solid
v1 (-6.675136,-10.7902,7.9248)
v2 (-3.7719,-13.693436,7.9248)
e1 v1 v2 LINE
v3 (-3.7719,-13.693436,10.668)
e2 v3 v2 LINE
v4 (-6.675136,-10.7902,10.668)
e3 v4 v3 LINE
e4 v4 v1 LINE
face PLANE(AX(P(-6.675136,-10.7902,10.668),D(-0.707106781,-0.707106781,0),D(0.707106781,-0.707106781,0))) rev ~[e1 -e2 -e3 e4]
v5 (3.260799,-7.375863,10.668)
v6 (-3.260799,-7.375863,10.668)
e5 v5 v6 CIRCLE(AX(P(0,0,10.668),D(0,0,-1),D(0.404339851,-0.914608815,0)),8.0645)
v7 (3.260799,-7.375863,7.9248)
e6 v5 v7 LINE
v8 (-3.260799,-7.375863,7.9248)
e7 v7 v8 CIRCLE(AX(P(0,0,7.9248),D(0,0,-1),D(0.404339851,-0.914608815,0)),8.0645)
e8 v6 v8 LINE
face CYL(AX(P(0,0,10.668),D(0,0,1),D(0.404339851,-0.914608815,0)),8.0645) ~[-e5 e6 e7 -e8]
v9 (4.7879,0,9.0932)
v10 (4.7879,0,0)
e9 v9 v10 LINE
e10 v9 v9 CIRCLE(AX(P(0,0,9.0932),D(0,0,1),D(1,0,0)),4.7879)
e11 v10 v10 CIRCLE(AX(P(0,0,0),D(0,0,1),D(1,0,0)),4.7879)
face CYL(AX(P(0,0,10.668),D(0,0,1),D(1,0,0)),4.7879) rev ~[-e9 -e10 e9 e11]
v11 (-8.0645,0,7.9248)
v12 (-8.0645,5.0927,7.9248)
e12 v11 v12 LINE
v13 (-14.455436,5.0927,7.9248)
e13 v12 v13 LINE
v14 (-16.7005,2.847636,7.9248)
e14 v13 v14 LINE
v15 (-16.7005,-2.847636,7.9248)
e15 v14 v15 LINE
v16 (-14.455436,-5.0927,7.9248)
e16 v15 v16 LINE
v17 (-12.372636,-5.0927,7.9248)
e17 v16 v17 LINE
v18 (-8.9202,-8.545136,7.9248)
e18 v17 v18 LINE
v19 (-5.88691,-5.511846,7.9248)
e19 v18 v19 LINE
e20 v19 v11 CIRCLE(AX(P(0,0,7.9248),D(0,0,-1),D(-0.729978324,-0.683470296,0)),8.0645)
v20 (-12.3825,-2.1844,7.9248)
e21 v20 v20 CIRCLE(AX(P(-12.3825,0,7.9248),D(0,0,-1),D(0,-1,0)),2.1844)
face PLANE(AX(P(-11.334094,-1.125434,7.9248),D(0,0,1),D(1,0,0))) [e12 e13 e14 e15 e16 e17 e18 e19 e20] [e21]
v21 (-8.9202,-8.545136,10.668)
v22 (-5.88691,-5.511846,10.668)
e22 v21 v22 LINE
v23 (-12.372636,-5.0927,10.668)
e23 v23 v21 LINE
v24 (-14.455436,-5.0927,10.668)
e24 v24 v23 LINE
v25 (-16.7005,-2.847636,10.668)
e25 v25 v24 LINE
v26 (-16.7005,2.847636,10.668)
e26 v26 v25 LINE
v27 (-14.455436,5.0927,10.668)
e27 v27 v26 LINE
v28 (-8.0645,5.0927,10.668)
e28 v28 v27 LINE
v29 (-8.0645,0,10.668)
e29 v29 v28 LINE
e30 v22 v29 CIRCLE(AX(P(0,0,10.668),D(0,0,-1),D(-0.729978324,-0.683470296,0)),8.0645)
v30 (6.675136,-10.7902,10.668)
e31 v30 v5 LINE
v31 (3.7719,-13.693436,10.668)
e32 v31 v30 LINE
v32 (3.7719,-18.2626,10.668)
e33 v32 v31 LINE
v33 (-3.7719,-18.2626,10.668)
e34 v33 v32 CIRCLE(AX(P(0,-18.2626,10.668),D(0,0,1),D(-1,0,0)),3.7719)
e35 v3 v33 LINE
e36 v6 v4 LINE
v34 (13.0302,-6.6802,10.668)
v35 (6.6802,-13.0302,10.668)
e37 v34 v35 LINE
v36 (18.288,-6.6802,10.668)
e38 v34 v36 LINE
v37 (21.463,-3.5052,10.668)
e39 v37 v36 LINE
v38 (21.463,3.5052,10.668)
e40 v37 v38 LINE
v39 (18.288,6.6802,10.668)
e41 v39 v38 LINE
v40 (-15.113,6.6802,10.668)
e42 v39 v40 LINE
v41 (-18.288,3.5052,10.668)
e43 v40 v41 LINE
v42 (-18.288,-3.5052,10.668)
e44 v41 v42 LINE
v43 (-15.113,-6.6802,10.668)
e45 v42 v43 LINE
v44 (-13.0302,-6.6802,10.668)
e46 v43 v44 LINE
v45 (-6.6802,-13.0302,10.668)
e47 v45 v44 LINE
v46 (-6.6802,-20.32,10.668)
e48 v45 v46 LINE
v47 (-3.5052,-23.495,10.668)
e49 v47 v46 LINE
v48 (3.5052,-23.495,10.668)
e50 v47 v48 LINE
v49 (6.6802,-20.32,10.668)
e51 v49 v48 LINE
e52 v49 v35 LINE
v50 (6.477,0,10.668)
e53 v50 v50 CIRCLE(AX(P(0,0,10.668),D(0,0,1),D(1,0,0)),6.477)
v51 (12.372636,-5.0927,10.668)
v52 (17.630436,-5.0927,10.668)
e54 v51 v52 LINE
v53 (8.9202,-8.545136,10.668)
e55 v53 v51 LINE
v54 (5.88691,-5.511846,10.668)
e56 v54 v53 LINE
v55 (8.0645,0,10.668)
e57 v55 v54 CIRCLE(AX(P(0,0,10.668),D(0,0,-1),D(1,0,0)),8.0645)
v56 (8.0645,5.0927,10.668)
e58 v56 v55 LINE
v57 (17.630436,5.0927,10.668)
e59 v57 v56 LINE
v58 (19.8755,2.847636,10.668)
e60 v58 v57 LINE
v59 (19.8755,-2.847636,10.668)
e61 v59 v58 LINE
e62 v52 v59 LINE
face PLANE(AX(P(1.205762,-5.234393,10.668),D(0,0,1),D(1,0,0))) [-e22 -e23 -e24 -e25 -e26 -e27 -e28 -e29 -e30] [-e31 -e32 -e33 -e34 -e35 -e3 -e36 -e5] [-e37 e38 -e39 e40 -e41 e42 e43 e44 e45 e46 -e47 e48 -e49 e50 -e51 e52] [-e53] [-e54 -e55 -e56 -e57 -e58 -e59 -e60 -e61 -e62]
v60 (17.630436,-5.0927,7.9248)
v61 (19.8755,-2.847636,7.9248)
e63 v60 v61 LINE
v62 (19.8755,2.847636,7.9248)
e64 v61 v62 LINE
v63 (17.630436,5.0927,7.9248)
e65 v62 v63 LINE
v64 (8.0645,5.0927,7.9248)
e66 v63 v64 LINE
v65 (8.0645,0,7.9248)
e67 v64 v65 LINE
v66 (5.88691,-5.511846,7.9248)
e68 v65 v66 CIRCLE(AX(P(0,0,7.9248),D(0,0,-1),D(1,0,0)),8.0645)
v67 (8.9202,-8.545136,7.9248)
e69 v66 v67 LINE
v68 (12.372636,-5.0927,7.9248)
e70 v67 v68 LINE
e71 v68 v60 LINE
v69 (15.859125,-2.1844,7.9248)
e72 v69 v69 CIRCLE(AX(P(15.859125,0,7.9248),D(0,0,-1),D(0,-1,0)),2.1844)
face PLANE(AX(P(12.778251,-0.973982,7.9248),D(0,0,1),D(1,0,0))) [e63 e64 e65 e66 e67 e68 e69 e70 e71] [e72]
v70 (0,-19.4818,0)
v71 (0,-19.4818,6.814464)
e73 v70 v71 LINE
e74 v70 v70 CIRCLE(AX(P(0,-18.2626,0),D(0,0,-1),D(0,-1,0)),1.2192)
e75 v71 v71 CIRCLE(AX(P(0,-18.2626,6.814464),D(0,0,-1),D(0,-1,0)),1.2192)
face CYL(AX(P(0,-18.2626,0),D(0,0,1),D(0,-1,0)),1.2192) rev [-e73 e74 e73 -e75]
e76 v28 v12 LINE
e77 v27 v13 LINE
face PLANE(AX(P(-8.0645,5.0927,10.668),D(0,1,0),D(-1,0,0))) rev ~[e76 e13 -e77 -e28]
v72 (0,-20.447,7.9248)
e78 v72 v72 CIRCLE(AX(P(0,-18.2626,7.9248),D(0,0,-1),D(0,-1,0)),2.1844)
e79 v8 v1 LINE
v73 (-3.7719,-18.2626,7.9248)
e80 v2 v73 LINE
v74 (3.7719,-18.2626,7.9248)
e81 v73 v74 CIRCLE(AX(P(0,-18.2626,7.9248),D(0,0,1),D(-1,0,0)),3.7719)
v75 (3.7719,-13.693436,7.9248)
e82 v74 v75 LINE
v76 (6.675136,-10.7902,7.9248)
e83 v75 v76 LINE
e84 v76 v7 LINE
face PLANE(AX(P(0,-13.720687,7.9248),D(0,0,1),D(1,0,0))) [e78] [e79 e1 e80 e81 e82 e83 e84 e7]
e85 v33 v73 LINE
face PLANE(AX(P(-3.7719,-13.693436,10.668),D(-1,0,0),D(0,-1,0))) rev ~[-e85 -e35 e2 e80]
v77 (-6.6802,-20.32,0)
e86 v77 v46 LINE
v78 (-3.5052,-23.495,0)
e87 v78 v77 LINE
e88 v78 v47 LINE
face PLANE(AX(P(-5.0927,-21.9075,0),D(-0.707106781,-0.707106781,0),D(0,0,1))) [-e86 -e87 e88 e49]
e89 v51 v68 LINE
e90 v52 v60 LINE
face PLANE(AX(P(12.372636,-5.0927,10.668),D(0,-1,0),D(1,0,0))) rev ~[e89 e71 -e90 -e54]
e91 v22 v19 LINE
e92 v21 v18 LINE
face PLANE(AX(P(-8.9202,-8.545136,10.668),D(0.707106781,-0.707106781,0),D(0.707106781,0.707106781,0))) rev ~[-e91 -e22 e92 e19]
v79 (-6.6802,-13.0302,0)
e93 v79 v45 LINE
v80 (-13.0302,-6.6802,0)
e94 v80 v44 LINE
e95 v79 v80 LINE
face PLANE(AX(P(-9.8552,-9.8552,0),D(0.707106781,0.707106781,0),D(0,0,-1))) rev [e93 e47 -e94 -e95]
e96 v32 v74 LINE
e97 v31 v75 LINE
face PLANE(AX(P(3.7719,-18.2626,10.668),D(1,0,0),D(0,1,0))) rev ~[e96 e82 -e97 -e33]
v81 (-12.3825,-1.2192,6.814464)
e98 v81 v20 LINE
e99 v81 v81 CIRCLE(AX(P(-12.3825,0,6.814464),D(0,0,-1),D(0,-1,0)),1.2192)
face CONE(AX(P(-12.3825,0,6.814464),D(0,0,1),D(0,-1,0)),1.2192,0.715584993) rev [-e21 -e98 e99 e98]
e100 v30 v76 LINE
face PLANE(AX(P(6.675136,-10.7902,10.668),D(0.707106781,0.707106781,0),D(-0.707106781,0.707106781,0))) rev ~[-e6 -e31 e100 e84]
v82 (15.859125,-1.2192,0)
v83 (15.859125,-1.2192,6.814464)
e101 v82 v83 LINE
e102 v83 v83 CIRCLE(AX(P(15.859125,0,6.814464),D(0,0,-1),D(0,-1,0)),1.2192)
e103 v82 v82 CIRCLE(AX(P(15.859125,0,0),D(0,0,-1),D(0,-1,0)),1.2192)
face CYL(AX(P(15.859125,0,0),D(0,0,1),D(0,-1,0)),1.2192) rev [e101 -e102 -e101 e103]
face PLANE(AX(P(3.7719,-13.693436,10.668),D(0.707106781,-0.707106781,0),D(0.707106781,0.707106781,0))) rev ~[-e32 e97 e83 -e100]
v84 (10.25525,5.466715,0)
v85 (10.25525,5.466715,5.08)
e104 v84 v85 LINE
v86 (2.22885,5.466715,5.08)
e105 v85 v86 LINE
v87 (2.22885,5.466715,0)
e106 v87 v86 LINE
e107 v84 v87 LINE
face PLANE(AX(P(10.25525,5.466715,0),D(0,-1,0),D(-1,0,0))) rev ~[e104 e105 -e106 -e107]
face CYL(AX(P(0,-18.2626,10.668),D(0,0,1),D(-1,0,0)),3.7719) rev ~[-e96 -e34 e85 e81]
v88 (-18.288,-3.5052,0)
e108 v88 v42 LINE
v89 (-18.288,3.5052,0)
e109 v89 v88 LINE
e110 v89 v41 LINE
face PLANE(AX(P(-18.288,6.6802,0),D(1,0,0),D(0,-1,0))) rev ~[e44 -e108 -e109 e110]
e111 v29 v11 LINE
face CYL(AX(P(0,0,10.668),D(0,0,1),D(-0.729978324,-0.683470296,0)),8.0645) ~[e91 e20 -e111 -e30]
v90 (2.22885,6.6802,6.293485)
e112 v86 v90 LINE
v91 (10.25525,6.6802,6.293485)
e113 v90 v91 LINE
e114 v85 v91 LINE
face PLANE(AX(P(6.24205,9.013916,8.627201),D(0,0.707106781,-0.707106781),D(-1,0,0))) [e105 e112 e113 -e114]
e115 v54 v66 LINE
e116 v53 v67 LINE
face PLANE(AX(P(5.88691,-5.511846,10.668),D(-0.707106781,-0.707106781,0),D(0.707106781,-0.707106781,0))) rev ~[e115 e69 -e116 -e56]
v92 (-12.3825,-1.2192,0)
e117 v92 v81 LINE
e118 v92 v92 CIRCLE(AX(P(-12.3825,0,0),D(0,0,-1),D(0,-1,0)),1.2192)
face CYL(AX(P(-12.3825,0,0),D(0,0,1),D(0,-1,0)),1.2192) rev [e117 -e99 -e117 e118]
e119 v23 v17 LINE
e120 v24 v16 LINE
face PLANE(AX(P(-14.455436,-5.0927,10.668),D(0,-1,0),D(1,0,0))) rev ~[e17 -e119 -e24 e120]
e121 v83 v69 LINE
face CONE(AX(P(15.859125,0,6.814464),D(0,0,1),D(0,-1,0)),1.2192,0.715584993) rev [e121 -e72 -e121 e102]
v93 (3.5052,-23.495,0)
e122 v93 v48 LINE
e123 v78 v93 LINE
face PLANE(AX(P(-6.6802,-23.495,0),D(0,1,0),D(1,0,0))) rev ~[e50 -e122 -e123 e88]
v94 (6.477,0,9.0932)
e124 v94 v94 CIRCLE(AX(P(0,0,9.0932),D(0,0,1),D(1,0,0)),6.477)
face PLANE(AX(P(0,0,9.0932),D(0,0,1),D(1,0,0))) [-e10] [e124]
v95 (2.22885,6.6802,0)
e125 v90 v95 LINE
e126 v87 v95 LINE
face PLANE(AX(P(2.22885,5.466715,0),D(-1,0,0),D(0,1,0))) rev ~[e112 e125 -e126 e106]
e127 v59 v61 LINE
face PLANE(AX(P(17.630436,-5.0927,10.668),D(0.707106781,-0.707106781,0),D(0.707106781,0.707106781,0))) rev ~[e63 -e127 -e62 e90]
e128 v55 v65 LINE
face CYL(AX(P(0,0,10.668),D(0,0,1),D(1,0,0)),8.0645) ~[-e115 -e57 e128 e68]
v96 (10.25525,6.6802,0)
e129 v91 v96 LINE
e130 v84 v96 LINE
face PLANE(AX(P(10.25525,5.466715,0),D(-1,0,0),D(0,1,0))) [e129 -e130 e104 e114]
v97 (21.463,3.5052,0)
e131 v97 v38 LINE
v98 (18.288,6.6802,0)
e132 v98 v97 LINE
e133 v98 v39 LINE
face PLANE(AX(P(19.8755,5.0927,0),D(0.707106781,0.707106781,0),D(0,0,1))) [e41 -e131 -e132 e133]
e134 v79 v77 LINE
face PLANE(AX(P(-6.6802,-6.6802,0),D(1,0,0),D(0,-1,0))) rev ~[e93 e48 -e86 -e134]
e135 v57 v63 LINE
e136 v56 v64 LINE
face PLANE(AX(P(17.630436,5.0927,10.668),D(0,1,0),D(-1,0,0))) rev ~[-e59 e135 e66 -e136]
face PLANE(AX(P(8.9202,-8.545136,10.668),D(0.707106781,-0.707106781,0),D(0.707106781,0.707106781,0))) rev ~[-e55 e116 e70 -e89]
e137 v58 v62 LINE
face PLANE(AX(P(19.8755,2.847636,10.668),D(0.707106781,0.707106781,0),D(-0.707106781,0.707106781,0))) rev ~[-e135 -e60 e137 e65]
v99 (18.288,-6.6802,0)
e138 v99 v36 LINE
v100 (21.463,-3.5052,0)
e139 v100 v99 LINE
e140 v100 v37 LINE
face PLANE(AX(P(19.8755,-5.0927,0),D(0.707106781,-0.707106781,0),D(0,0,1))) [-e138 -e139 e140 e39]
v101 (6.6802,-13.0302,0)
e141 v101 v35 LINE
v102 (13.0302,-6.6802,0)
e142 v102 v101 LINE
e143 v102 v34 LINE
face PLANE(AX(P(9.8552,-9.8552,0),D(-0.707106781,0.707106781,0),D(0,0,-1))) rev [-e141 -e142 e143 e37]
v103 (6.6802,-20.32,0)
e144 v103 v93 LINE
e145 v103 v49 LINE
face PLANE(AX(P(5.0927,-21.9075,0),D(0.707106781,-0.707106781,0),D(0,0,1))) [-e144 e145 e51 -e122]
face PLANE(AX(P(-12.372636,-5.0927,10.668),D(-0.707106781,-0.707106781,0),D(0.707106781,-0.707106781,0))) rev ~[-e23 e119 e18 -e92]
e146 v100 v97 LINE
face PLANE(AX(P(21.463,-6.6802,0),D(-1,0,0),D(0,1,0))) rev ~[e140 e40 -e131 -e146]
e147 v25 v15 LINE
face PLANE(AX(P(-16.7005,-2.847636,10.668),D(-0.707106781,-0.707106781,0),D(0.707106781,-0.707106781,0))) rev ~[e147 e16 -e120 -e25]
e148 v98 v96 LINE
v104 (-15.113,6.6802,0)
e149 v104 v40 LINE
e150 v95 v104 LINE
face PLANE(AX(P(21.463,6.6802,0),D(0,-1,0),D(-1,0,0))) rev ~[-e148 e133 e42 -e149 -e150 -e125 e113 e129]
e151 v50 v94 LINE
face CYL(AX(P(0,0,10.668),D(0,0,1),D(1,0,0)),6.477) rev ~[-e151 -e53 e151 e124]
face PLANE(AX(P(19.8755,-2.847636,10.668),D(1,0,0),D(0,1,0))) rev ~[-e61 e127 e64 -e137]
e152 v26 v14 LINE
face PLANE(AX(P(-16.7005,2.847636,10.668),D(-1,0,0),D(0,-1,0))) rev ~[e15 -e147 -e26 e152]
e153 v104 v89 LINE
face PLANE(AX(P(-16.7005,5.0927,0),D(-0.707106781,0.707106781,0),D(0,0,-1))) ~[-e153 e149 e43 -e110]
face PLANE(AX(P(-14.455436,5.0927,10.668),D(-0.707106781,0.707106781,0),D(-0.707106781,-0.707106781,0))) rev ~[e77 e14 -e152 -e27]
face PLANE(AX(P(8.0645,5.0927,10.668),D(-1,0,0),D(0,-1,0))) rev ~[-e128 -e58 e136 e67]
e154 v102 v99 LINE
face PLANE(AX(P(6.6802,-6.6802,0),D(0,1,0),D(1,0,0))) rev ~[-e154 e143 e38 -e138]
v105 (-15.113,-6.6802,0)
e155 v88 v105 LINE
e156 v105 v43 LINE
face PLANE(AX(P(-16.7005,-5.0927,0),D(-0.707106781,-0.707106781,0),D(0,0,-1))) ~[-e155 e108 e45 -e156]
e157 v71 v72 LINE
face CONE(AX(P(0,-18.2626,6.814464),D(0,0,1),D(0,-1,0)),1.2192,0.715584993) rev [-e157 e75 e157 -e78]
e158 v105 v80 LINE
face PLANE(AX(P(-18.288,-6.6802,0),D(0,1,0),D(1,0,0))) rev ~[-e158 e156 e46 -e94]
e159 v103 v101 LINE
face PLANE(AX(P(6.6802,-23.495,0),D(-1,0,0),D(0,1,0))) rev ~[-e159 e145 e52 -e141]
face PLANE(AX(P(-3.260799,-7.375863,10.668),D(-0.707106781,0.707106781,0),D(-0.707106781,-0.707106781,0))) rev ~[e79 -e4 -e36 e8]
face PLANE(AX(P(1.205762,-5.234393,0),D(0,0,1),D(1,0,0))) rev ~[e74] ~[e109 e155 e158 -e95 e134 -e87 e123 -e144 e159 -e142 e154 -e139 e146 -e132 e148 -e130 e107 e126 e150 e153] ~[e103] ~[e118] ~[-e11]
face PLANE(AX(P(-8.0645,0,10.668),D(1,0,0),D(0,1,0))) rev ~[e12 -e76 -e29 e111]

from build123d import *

# Parameters (mm, degrees)
BOSS_EXTRUDE1_DEPTH                           = 10.668
CSK_FOR_2_FLAT_HEAD_MACHINE_SCREW1_AT_2_COUNT = 2
CSK_FOR_2_FLAT_HEAD_MACHINE_SCREW1_AT_2_PITCH = 28.241625
CSK_FOR_2_FLAT_HEAD_MACHINE_SCREW1_AT_3_COUNT = 2
CSK_FOR_2_FLAT_HEAD_MACHINE_SCREW1_AT_3_PITCH = 24.18748446
SKETCH4_R                                     = 6.477
CUT_EXTRUDE1_DEPTH                            = 1.5748
SKETCH5_R                                     = 4.7879
CUT_EXTRUDE2_DEPTH                            = 11.668
SKETCH6_W                                     = 8.0264
SKETCH6_H                                     = 10.033
CUT_EXTRUDE3_DEPTH                            = 5.08
DRAFT2_ANGLE                                  = 45
CHAMFER1_SIZE                                 = 3.175
CHAMFER2_SIZE                                 = 6.35
CUT_EXTRUDE4_DEPTH                            = 2.7432


with BuildPart() as part:
    # Sketch1 → Boss-Extrude1 (new body)
    with BuildSketch(Plane.XY):
        Polygon((21.463, 6.6802), (-18.288, 6.6802), (-18.288, -6.6802), (-6.6802, -6.6802), (-6.6802, -23.495), (6.6802, -23.495), (6.6802, -6.6802), (21.463, -6.6802), align=None)
    extrude(amount=BOSS_EXTRUDE1_DEPTH)

    # Sketch3 → CSK for #2 Flat Head Machine Screw1 (revolve, cut)
    with BuildSketch(Plane(origin=(15.859125, 0, 10.668), x_dir=(0, -1, 0), z_dir=(1, 0, 0))):
        Polygon((0, 0), (0, 10.668), (1.2192, 10.668), (1.2192, 3.853535587), (2.1844, 2.7432), (2.1844, 0), align=None)
    csk_for_2_flat_head_machine_screw1 = revolve(axis=Axis((15.859125, 0, 17.018), (0, 0, -1)), mode=Mode.SUBTRACT)

    # CSK for #2 Flat Head Machine Screw1 at 2: CSK for #2 Flat Head Machine Screw1 ×2
    with Locations(*[(-i * CSK_FOR_2_FLAT_HEAD_MACHINE_SCREW1_AT_2_PITCH, 0, 0) for i in range(1, CSK_FOR_2_FLAT_HEAD_MACHINE_SCREW1_AT_2_COUNT)]):
        add(csk_for_2_flat_head_machine_screw1, mode=Mode.SUBTRACT)

    # CSK for #2 Flat Head Machine Screw1 at 3: CSK for #2 Flat Head Machine Screw1 ×2
    with Locations(*[Vector(-0.65567484, -0.755043379, 0) * (i * CSK_FOR_2_FLAT_HEAD_MACHINE_SCREW1_AT_3_PITCH) for i in range(1, CSK_FOR_2_FLAT_HEAD_MACHINE_SCREW1_AT_3_COUNT)]):
        add(csk_for_2_flat_head_machine_screw1, mode=Mode.SUBTRACT)

    # Sketch4 → Cut-Extrude1 (cut)
    with BuildSketch(Plane.XY.offset(10.668)):
        Circle(SKETCH4_R)
    extrude(amount=-CUT_EXTRUDE1_DEPTH, mode=Mode.SUBTRACT)

    # Sketch5 → Cut-Extrude2 (cut, through all)
    with BuildSketch(Plane.XY.offset(10.668)):
        Circle(SKETCH5_R)
    extrude(amount=-CUT_EXTRUDE2_DEPTH, mode=Mode.SUBTRACT)

    # Sketch6 → Cut-Extrude3 (cut)
    with BuildSketch(Plane(origin=(0, 0, 0), x_dir=(-1, 0, 0), z_dir=(0, 0, -1))):
        with Locations((-6.24205, 10.483214746)):
            Rectangle(SKETCH6_W, SKETCH6_H)
    extrude(amount=-CUT_EXTRUDE3_DEPTH, mode=Mode.SUBTRACT)

    # Draft2
    draft2_faces = [part.faces().sort_by_distance(p)[0] for p in [
        (6.24205, 6.073457373, 5.08),
    ]]
    draft(draft2_faces, Plane(origin=(10.25525, 5.466714746, 5.08), x_dir=(1, 0, 0), z_dir=(0, 1, 0)), DRAFT2_ANGLE)

    # Chamfer1
    chamfer1_edges = [part.edges().sort_by_distance(p)[0] for p in [
        (21.463, -6.6802, 5.334),
        (6.6802, -23.495, 5.334),
        (-6.6802, -23.495, 5.334),
        (-18.288, -6.6802, 5.334),
        (-18.288, 6.6802, 5.334),
        (21.463, 6.6802, 5.334),
    ]]
    chamfer(chamfer1_edges, length=CHAMFER1_SIZE)

    # Chamfer2
    chamfer2_edges = [part.edges().sort_by_distance(p)[0] for p in [
        (6.6802, -6.6802, 5.334),
        (-6.6802, -6.6802, 5.334),
    ]]
    chamfer(chamfer2_edges, length=CHAMFER2_SIZE)

    # Sketch7 → Cut-Extrude4 (cut)
    with BuildSketch(Plane.XY.offset(10.668)):
        with BuildLine():
            Line((3.7719, -13.69343597), (6.675135951, -10.790200019))
            Line((6.675135951, -10.790200019), (3.260798724, -7.375862792))
            ThreePointArc((3.260798724, -7.375862792), (0, -8.0645), (-3.260798724, -7.375862792))
            Line((-3.260798724, -7.375862792), (-6.675135951, -10.790200019))
            Line((-6.675135951, -10.790200019), (-3.7719, -13.69343597))
            Line((-3.7719, -13.69343597), (-3.7719, -18.2626))
            ThreePointArc((-3.7719, -18.2626), (0, -22.0345), (3.7719, -18.2626))
            Line((3.7719, -18.2626), (3.7719, -13.69343597))
        make_face()
        with BuildLine():
            Line((12.37263597, -5.0927), (17.63043597, -5.0927))
            Line((17.63043597, -5.0927), (19.8755, -2.84763597))
            Line((19.8755, -2.84763597), (19.8755, 2.84763597))
            Line((19.8755, 2.84763597), (17.63043597, 5.0927))
            Line((17.63043597, 5.0927), (8.0645, 5.0927))
            Line((8.0645, 5.0927), (8.0645, 0))
            ThreePointArc((8.0645, 0), (7.500371575, -2.963205441), (5.886910197, -5.511846205))
            Line((5.886910197, -5.511846205), (8.920199981, -8.545135989))
            Line((8.920199981, -8.545135989), (12.37263597, -5.0927))
        make_face()
        with BuildLine():
            Line((-14.45543597, 5.0927), (-16.7005, 2.84763597))
            Line((-16.7005, 2.84763597), (-16.7005, -2.84763597))
            Line((-16.7005, -2.84763597), (-14.45543597, -5.0927))
            Line((-14.45543597, -5.0927), (-12.37263597, -5.0927))
            Line((-12.37263597, -5.0927), (-8.920199981, -8.545135989))
            Line((-8.920199981, -8.545135989), (-5.886910197, -5.511846205))
            ThreePointArc((-5.886910197, -5.511846205), (-7.500371575, -2.963205441), (-8.0645, 0))
            Line((-8.0645, 0), (-8.0645, 5.0927))
            Line((-8.0645, 5.0927), (-14.45543597, 5.0927))
        make_face()
    extrude(amount=-CUT_EXTRUDE4_DEPTH, mode=Mode.SUBTRACT)


solid = part.part
